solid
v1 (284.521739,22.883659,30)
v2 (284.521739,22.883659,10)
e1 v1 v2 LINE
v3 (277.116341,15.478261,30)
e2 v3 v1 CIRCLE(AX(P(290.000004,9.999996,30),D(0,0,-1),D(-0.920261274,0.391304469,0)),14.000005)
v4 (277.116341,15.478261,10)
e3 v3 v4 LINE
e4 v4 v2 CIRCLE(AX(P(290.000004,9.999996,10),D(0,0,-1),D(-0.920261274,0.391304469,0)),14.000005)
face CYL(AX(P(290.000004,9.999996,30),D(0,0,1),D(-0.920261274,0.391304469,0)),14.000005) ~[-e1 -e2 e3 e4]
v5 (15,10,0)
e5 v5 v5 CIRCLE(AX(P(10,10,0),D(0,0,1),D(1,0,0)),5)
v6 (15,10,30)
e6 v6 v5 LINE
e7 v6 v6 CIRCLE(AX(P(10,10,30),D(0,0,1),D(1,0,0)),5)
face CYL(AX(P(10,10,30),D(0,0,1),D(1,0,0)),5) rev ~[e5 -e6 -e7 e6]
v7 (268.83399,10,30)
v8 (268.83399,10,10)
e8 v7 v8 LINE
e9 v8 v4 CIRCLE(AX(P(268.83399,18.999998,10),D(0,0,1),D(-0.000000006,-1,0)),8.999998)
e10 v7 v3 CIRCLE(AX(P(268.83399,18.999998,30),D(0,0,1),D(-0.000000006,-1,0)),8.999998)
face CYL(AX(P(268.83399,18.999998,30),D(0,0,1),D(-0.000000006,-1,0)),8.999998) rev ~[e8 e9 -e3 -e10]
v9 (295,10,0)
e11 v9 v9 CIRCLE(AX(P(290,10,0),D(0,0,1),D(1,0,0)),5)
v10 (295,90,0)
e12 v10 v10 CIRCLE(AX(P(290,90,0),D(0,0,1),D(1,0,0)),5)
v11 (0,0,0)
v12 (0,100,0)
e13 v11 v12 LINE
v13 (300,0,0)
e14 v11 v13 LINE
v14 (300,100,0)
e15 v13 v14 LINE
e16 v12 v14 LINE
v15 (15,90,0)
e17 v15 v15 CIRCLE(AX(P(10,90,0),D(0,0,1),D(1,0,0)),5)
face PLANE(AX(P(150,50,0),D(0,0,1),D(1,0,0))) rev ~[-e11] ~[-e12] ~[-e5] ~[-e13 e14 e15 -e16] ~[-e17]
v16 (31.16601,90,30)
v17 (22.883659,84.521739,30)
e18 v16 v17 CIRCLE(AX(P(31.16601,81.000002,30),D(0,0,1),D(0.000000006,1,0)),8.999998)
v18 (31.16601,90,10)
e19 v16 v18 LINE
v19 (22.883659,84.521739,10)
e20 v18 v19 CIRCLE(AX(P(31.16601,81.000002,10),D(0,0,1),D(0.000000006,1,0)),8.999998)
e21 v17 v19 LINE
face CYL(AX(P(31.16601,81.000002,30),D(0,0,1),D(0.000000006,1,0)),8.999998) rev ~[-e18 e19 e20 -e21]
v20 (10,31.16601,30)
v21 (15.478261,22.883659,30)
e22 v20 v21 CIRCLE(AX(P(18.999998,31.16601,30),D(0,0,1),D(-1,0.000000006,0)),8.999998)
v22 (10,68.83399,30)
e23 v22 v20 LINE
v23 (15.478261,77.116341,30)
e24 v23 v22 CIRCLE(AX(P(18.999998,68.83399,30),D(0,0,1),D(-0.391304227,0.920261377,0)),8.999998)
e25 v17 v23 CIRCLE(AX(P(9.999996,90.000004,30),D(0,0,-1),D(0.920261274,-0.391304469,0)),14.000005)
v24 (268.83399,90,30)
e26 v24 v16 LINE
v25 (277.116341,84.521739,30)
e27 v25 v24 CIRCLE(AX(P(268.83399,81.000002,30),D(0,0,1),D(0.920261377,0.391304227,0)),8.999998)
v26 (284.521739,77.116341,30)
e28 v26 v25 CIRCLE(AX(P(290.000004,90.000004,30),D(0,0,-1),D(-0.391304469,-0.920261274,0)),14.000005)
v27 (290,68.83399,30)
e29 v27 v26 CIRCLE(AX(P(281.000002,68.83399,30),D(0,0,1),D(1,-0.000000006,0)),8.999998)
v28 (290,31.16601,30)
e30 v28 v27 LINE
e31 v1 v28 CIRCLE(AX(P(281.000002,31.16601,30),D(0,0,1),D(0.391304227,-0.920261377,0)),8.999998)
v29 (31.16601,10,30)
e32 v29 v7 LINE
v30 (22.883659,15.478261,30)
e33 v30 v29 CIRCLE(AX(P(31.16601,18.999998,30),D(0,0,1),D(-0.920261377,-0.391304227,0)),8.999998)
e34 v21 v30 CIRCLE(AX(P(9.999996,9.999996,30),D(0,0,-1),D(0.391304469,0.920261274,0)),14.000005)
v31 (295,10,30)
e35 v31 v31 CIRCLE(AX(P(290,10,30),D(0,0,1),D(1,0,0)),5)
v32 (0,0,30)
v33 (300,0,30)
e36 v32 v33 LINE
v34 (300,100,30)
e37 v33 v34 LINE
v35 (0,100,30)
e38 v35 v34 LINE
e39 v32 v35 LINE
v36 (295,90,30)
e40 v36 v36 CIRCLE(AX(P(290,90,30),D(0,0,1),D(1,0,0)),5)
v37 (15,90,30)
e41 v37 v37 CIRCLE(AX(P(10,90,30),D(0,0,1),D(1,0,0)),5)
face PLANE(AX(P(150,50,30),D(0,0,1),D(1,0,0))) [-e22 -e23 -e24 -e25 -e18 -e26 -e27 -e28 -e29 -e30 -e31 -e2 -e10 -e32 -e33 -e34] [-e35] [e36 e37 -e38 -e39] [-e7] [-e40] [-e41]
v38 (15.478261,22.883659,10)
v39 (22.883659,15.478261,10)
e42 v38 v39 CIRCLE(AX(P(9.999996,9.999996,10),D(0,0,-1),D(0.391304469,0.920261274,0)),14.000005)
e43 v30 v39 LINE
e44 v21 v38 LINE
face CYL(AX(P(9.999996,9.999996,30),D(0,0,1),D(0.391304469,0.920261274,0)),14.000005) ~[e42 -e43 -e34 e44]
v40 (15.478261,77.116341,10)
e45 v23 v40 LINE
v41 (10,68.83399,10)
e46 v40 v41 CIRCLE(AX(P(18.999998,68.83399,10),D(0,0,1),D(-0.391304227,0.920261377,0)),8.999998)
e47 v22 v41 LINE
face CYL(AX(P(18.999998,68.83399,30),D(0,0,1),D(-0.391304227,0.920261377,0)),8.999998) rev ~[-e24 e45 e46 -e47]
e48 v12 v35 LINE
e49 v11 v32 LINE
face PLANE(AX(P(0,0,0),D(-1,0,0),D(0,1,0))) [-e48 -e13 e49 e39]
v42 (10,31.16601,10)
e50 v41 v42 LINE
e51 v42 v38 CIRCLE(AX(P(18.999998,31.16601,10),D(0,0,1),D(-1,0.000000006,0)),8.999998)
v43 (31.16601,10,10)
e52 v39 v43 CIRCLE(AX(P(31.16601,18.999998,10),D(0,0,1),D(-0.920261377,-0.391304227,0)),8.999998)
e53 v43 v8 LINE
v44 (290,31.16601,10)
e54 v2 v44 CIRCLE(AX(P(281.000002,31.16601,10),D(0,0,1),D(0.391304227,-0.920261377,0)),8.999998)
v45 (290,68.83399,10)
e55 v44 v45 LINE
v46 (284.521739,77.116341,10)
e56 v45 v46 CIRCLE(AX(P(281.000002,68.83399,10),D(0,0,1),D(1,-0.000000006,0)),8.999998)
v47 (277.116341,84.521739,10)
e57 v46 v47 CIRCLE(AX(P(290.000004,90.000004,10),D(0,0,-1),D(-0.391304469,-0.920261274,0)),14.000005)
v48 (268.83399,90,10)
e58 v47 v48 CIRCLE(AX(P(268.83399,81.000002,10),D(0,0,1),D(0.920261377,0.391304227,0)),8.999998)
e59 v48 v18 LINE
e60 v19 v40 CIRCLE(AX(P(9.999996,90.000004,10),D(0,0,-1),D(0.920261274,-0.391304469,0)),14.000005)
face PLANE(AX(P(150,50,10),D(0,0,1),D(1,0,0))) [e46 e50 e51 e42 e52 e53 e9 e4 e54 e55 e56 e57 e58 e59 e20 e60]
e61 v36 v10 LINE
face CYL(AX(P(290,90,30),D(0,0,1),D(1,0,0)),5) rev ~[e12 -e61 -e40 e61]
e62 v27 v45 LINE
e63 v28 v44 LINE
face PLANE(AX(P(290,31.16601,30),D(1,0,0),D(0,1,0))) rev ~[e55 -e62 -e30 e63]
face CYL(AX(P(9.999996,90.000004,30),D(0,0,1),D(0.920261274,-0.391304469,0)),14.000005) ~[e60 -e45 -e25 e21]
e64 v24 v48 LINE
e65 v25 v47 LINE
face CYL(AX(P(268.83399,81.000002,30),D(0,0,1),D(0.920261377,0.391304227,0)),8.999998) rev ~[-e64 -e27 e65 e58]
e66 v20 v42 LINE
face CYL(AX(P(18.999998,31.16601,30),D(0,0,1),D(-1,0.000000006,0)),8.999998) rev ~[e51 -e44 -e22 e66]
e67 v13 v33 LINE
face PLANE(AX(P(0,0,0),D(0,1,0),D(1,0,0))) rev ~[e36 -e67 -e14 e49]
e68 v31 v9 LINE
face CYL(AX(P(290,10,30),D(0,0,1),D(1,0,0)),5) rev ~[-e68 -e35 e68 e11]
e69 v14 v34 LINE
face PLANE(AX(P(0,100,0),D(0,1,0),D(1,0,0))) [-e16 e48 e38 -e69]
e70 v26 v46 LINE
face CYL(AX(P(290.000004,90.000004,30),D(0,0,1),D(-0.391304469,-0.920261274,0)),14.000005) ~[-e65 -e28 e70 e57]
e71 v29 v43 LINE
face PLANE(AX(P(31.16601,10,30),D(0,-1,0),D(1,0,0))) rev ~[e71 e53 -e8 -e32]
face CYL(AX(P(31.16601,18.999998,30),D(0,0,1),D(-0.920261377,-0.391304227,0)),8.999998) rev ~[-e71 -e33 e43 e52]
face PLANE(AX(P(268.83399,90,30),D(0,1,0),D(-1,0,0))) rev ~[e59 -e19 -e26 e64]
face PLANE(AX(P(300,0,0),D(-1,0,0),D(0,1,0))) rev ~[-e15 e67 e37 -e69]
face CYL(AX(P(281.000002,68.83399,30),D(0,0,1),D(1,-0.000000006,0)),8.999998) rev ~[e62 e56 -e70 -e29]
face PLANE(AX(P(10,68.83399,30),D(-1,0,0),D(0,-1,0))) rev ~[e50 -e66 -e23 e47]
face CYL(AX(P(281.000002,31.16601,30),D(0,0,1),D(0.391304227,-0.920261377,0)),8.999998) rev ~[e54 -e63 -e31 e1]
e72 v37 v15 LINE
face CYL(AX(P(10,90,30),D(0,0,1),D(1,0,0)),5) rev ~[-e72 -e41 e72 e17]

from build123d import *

# Parameters (mm, degrees)
F0_W     = 300
F0_H     = 100
F1_DEPTH = 30
F3_DEPTH = 20
F4_R     = 5
F5_DEPTH = 30.001


with BuildPart() as f1:
    # F0 (on Top) → F1 (new body)
    with BuildSketch(Plane.XY):
        with Locations((150, 50)):
            Rectangle(F0_W, F0_H)
    extrude(amount=F1_DEPTH)

    # F2 (on face) → F3 (cut)
    with BuildSketch(Plane.XY.offset(30)):
        with BuildLine():
            Line((268.83399, 90), (150, 90))
            Line((150, 90), (31.16601, 90))
            ThreePointArc((31.16601, 90), (26.200915, 88.506519), (22.883659, 84.521739))
            ThreePointArc((22.883659, 84.521739), (19.899495, 80.100505), (15.478261, 77.116341))
            ThreePointArc((15.478261, 77.116341), (11.493481, 73.799085), (10, 68.83399))
            Line((10, 68.83399), (10, 50))
            Line((10, 50), (10, 31.16601))
            ThreePointArc((10, 31.16601), (11.493481, 26.200915), (15.478261, 22.883659))
            ThreePointArc((15.478261, 22.883659), (19.899495, 19.899495), (22.883659, 15.478261))
            ThreePointArc((22.883659, 15.478261), (26.200915, 11.493481), (31.16601, 10))
            Line((31.16601, 10), (150, 10))
            Line((150, 10), (268.83399, 10))
            ThreePointArc((268.83399, 10), (273.799085, 11.493481), (277.116341, 15.478261))
            ThreePointArc((277.116341, 15.478261), (280.100505, 19.899495), (284.521739, 22.883659))
            ThreePointArc((284.521739, 22.883659), (288.506519, 26.200915), (290, 31.16601))
            Line((290, 31.16601), (290, 50))
            Line((290, 50), (290, 68.83399))
            ThreePointArc((290, 68.83399), (288.506519, 73.799085), (284.521739, 77.116341))
            ThreePointArc((284.521739, 77.116341), (280.100505, 80.100505), (277.116341, 84.521739))
            ThreePointArc((277.116341, 84.521739), (273.799085, 88.506519), (268.83399, 90))
        make_face()
    extrude(amount=-F3_DEPTH, mode=Mode.SUBTRACT)

    # F4 (on face) → F5 (cut, through all)
    with BuildSketch(Plane.XY.offset(30)):
        with Locations((290, 90)):
            Circle(F4_R)
        with Locations((10, 90)):
            Circle(F4_R)
        with Locations((10, 10)):
            Circle(F4_R)
        with Locations((290, 10)):
            Circle(F4_R)
    extrude(amount=-F5_DEPTH, mode=Mode.SUBTRACT)


solid = f1.part
